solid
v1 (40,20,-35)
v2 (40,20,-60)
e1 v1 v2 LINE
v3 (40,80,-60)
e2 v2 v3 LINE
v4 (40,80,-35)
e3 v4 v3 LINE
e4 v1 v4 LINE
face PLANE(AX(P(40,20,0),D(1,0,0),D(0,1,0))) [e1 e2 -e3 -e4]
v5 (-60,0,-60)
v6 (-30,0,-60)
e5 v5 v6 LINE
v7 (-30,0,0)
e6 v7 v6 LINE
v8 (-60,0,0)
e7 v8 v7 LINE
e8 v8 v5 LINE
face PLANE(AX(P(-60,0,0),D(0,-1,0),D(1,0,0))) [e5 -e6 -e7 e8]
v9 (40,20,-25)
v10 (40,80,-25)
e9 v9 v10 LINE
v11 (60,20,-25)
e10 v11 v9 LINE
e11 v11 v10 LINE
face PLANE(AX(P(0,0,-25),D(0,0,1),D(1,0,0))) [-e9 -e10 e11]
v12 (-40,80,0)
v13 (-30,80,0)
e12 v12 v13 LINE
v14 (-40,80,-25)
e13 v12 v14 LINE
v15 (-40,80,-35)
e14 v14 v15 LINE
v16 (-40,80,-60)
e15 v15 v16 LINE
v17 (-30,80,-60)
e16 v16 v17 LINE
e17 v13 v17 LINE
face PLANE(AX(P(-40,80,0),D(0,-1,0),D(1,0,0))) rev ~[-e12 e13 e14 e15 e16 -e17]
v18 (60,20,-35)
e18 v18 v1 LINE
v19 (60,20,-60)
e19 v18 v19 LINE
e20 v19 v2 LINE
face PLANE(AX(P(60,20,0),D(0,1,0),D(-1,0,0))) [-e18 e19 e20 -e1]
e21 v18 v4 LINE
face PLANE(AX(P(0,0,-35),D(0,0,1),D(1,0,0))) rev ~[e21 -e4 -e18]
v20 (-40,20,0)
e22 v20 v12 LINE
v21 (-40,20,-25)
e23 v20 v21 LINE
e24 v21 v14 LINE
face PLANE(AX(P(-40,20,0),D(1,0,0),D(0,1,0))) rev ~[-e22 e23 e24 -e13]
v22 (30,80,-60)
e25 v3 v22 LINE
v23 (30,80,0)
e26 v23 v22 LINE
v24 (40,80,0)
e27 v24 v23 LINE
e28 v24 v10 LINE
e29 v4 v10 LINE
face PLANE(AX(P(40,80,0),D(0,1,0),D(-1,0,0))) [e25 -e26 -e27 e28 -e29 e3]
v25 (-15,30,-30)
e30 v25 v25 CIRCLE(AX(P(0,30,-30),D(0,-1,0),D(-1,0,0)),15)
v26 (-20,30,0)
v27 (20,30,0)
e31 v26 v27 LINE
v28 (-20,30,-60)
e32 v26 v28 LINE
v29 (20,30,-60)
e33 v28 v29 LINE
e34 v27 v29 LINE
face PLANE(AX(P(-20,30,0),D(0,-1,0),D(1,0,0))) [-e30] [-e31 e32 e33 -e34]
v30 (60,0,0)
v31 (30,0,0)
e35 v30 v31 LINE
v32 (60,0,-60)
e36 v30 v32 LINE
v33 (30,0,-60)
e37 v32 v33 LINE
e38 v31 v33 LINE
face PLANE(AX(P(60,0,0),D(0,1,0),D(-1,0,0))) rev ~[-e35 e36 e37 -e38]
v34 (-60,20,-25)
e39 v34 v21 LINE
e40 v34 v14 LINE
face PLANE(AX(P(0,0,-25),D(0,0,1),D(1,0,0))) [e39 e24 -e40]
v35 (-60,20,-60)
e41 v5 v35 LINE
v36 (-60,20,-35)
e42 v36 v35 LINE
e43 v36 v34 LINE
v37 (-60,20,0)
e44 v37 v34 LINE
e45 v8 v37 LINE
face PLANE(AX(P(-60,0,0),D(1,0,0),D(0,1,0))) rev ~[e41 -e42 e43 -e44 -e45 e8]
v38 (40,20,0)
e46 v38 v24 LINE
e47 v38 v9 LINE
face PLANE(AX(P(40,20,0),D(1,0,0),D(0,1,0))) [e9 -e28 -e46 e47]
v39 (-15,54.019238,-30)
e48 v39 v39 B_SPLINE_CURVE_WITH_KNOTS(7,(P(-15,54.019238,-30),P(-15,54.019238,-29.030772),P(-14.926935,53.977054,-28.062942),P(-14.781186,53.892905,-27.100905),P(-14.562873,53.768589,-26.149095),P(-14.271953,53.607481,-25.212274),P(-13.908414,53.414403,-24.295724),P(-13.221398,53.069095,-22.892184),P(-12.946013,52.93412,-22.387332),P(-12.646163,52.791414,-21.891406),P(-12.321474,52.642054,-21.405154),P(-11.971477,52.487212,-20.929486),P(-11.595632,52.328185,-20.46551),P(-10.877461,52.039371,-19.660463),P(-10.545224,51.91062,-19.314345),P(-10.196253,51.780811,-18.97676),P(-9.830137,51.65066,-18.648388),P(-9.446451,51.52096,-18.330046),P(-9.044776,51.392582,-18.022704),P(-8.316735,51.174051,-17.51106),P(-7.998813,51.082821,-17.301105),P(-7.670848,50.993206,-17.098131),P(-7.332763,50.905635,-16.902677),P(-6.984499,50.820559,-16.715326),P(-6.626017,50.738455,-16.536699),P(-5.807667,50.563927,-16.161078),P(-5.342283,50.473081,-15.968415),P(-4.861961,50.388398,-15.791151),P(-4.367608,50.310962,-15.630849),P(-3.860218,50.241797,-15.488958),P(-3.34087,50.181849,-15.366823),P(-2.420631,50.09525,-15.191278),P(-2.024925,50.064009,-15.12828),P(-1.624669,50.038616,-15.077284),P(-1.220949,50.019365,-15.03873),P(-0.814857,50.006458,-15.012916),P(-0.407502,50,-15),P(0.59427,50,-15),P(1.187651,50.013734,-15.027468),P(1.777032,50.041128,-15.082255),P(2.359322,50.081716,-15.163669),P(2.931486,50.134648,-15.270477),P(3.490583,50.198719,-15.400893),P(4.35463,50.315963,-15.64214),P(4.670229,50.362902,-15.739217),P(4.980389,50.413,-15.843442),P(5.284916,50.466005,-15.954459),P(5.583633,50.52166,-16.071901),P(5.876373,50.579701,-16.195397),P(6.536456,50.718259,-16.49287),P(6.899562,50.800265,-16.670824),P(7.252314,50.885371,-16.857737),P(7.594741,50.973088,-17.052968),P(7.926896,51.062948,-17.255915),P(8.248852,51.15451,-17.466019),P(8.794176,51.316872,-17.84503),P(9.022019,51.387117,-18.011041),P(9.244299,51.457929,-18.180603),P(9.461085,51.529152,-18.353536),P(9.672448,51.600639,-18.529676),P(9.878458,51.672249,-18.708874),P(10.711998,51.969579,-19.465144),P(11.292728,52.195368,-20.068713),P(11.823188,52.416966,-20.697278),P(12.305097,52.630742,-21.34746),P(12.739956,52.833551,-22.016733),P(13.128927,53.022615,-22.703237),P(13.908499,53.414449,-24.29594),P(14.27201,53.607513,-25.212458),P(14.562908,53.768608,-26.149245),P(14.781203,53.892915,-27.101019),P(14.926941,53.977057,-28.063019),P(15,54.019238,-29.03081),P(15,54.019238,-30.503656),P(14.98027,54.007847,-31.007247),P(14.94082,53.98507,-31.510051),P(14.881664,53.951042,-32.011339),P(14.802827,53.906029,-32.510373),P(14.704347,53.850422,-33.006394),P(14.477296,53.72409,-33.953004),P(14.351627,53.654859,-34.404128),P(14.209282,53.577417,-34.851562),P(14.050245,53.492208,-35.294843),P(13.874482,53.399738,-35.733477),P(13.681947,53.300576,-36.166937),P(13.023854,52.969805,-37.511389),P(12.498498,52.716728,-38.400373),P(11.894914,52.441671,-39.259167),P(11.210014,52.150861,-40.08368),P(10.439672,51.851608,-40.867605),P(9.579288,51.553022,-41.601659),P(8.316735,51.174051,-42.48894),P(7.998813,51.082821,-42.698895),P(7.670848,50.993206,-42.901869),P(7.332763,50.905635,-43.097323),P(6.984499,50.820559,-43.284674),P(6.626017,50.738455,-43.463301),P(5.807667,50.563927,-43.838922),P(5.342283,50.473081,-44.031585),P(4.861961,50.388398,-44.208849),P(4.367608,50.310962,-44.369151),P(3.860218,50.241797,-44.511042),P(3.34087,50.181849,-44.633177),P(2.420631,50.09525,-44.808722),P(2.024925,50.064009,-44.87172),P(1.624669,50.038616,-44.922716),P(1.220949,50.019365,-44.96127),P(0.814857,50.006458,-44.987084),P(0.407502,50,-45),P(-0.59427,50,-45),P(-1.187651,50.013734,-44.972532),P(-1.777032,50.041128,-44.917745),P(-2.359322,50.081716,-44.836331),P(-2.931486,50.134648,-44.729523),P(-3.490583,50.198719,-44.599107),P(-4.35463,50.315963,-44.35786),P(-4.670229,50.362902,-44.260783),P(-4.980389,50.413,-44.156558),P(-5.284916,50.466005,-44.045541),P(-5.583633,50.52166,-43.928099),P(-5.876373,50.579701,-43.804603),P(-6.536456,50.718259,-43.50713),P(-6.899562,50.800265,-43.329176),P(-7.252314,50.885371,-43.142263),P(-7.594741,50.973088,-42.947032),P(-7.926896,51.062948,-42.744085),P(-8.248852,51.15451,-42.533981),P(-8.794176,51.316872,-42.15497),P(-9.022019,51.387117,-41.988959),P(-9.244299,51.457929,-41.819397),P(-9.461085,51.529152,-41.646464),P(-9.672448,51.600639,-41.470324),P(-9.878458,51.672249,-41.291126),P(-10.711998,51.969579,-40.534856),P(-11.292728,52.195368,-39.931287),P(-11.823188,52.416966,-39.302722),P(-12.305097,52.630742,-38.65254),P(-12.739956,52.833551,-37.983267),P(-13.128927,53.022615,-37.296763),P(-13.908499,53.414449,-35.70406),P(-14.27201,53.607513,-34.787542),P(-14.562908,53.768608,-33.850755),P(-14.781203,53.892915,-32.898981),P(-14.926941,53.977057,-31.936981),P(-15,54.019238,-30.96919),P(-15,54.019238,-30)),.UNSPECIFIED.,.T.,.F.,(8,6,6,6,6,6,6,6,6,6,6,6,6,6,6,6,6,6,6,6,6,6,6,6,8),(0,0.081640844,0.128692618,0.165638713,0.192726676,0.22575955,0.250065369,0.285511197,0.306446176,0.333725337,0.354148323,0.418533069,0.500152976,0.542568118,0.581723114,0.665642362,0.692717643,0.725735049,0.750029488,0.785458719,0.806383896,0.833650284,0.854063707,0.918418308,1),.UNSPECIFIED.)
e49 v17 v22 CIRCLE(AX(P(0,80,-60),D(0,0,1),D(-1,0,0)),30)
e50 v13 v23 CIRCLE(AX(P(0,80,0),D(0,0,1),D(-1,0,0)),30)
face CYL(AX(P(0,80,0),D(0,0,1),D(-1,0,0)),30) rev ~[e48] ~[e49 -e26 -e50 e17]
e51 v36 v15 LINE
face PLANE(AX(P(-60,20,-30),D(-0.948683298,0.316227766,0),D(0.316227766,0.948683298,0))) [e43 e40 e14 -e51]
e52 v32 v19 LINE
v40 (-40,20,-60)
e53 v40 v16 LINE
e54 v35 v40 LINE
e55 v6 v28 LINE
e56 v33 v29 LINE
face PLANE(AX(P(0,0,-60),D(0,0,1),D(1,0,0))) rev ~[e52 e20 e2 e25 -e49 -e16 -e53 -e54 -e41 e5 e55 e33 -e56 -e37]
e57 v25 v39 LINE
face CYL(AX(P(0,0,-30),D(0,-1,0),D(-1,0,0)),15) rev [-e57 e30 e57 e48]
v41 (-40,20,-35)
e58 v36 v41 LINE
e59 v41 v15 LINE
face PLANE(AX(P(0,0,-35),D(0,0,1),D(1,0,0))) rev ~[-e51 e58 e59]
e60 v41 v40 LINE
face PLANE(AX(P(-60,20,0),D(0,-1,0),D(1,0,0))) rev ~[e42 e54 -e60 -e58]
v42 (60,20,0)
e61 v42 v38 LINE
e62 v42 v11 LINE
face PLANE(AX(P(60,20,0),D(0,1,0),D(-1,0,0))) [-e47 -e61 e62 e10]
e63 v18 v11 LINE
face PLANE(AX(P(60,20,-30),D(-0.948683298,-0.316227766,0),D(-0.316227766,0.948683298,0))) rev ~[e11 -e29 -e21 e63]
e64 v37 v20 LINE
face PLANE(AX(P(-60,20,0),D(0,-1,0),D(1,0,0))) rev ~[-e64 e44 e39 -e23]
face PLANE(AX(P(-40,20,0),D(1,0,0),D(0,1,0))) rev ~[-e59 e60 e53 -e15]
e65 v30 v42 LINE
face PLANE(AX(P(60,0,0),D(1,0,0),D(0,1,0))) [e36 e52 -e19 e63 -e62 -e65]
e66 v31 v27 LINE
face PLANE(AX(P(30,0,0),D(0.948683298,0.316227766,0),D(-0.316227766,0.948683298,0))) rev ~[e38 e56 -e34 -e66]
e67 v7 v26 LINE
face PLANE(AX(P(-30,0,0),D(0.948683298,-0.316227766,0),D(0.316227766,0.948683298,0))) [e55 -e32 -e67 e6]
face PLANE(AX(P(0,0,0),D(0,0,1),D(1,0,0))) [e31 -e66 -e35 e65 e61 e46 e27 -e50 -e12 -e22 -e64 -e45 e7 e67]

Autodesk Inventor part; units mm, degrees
ref_plane "YZ Plane" through (0, 0, 0) normal (1, 0, 0) x (0, 1, 0)
ref_plane "XZ Plane" through (0, 0, 0) normal (0, 1, 0) x (-1, 0, 0)
sketch "Эскиз1" plane through (0, 0, 0) normal (0, 0, 1) x (1, 0, 0)
  line L0 (-60, 0) -> (-60, 20)
  line L1 (-60, 20) -> (-40, 20)
  line L2 (-40, 20) -> (-40, 80)
  line L3 (-40, 80) -> (-30, 80)
  line L4 (-30, 0) -> (-20, 30)
  line L5 (-20, 30) -> (20, 30)
  line L6 (30, 0) -> (20, 30)
  line L7 (-60, 0) -> (-30, 0)
  line L8 (60, 0) -> (60, 20)
  line L9 (60, 20) -> (40, 20)
  line L10 (40, 20) -> (40, 80)
  line L11 (40, 80) -> (30, 80)
  line L12 (30, 0) -> (20, 30)
  line L13 (20, 30) -> (-20, 30)
  line L14 (60, 0) -> (30, 0)
  arc A0 (-30, 80) -> (30, 80) centre (0, 80) ccw
  point P0 (0, 0)
extrude "Выдавливание1" add sketch "Эскиз1" against normal blind 60
sketch "Эскиз3" plane through (0, 0, 0) normal (0, 1, 0) x (-1, 0, 0)
  line L0 (-20, -60) -> (20, -60) projected
  circle A0 centre (0, -30) radius 15
  point P0 (0, 0)
  dimension "d16" = 30
extrude "Выдавливание2" cut sketch "Эскиз3" along normal mid plane 1000
ref_plane "РабПлоскость1" through (0, 0, -30) normal (0, 0, 1) x (1, 0, 0)
sketch "Эскиз4" plane through (0, 0, -30) normal (0, 0, 1) x (1, 0, 0)
  line L0 (60, 0) -> (60, 20) projected
  line L1 (40, 80) -> (30, 80) projected
  line L2 (0, 0) -> (0, 80)
  line L3 (-60, 20) -> (-40, 80)
  line L4 (-60, 0) -> (-60, 20) projected
  line L5 (-60, 20) -> (-40, 20)
  line L6 (-40, 20) -> (-40, 80) projected
  line L7 (-40, 20) -> (-40, 80)
  line L8 (60, 20) -> (40, 80)
  line L9 (60, 20) -> (40, 20)
  line L10 (40, 20) -> (40, 80)
extrude "Выдавливание3" add sketch "Эскиз4" along normal mid plane 10
properties part number "ПЧ2021"
